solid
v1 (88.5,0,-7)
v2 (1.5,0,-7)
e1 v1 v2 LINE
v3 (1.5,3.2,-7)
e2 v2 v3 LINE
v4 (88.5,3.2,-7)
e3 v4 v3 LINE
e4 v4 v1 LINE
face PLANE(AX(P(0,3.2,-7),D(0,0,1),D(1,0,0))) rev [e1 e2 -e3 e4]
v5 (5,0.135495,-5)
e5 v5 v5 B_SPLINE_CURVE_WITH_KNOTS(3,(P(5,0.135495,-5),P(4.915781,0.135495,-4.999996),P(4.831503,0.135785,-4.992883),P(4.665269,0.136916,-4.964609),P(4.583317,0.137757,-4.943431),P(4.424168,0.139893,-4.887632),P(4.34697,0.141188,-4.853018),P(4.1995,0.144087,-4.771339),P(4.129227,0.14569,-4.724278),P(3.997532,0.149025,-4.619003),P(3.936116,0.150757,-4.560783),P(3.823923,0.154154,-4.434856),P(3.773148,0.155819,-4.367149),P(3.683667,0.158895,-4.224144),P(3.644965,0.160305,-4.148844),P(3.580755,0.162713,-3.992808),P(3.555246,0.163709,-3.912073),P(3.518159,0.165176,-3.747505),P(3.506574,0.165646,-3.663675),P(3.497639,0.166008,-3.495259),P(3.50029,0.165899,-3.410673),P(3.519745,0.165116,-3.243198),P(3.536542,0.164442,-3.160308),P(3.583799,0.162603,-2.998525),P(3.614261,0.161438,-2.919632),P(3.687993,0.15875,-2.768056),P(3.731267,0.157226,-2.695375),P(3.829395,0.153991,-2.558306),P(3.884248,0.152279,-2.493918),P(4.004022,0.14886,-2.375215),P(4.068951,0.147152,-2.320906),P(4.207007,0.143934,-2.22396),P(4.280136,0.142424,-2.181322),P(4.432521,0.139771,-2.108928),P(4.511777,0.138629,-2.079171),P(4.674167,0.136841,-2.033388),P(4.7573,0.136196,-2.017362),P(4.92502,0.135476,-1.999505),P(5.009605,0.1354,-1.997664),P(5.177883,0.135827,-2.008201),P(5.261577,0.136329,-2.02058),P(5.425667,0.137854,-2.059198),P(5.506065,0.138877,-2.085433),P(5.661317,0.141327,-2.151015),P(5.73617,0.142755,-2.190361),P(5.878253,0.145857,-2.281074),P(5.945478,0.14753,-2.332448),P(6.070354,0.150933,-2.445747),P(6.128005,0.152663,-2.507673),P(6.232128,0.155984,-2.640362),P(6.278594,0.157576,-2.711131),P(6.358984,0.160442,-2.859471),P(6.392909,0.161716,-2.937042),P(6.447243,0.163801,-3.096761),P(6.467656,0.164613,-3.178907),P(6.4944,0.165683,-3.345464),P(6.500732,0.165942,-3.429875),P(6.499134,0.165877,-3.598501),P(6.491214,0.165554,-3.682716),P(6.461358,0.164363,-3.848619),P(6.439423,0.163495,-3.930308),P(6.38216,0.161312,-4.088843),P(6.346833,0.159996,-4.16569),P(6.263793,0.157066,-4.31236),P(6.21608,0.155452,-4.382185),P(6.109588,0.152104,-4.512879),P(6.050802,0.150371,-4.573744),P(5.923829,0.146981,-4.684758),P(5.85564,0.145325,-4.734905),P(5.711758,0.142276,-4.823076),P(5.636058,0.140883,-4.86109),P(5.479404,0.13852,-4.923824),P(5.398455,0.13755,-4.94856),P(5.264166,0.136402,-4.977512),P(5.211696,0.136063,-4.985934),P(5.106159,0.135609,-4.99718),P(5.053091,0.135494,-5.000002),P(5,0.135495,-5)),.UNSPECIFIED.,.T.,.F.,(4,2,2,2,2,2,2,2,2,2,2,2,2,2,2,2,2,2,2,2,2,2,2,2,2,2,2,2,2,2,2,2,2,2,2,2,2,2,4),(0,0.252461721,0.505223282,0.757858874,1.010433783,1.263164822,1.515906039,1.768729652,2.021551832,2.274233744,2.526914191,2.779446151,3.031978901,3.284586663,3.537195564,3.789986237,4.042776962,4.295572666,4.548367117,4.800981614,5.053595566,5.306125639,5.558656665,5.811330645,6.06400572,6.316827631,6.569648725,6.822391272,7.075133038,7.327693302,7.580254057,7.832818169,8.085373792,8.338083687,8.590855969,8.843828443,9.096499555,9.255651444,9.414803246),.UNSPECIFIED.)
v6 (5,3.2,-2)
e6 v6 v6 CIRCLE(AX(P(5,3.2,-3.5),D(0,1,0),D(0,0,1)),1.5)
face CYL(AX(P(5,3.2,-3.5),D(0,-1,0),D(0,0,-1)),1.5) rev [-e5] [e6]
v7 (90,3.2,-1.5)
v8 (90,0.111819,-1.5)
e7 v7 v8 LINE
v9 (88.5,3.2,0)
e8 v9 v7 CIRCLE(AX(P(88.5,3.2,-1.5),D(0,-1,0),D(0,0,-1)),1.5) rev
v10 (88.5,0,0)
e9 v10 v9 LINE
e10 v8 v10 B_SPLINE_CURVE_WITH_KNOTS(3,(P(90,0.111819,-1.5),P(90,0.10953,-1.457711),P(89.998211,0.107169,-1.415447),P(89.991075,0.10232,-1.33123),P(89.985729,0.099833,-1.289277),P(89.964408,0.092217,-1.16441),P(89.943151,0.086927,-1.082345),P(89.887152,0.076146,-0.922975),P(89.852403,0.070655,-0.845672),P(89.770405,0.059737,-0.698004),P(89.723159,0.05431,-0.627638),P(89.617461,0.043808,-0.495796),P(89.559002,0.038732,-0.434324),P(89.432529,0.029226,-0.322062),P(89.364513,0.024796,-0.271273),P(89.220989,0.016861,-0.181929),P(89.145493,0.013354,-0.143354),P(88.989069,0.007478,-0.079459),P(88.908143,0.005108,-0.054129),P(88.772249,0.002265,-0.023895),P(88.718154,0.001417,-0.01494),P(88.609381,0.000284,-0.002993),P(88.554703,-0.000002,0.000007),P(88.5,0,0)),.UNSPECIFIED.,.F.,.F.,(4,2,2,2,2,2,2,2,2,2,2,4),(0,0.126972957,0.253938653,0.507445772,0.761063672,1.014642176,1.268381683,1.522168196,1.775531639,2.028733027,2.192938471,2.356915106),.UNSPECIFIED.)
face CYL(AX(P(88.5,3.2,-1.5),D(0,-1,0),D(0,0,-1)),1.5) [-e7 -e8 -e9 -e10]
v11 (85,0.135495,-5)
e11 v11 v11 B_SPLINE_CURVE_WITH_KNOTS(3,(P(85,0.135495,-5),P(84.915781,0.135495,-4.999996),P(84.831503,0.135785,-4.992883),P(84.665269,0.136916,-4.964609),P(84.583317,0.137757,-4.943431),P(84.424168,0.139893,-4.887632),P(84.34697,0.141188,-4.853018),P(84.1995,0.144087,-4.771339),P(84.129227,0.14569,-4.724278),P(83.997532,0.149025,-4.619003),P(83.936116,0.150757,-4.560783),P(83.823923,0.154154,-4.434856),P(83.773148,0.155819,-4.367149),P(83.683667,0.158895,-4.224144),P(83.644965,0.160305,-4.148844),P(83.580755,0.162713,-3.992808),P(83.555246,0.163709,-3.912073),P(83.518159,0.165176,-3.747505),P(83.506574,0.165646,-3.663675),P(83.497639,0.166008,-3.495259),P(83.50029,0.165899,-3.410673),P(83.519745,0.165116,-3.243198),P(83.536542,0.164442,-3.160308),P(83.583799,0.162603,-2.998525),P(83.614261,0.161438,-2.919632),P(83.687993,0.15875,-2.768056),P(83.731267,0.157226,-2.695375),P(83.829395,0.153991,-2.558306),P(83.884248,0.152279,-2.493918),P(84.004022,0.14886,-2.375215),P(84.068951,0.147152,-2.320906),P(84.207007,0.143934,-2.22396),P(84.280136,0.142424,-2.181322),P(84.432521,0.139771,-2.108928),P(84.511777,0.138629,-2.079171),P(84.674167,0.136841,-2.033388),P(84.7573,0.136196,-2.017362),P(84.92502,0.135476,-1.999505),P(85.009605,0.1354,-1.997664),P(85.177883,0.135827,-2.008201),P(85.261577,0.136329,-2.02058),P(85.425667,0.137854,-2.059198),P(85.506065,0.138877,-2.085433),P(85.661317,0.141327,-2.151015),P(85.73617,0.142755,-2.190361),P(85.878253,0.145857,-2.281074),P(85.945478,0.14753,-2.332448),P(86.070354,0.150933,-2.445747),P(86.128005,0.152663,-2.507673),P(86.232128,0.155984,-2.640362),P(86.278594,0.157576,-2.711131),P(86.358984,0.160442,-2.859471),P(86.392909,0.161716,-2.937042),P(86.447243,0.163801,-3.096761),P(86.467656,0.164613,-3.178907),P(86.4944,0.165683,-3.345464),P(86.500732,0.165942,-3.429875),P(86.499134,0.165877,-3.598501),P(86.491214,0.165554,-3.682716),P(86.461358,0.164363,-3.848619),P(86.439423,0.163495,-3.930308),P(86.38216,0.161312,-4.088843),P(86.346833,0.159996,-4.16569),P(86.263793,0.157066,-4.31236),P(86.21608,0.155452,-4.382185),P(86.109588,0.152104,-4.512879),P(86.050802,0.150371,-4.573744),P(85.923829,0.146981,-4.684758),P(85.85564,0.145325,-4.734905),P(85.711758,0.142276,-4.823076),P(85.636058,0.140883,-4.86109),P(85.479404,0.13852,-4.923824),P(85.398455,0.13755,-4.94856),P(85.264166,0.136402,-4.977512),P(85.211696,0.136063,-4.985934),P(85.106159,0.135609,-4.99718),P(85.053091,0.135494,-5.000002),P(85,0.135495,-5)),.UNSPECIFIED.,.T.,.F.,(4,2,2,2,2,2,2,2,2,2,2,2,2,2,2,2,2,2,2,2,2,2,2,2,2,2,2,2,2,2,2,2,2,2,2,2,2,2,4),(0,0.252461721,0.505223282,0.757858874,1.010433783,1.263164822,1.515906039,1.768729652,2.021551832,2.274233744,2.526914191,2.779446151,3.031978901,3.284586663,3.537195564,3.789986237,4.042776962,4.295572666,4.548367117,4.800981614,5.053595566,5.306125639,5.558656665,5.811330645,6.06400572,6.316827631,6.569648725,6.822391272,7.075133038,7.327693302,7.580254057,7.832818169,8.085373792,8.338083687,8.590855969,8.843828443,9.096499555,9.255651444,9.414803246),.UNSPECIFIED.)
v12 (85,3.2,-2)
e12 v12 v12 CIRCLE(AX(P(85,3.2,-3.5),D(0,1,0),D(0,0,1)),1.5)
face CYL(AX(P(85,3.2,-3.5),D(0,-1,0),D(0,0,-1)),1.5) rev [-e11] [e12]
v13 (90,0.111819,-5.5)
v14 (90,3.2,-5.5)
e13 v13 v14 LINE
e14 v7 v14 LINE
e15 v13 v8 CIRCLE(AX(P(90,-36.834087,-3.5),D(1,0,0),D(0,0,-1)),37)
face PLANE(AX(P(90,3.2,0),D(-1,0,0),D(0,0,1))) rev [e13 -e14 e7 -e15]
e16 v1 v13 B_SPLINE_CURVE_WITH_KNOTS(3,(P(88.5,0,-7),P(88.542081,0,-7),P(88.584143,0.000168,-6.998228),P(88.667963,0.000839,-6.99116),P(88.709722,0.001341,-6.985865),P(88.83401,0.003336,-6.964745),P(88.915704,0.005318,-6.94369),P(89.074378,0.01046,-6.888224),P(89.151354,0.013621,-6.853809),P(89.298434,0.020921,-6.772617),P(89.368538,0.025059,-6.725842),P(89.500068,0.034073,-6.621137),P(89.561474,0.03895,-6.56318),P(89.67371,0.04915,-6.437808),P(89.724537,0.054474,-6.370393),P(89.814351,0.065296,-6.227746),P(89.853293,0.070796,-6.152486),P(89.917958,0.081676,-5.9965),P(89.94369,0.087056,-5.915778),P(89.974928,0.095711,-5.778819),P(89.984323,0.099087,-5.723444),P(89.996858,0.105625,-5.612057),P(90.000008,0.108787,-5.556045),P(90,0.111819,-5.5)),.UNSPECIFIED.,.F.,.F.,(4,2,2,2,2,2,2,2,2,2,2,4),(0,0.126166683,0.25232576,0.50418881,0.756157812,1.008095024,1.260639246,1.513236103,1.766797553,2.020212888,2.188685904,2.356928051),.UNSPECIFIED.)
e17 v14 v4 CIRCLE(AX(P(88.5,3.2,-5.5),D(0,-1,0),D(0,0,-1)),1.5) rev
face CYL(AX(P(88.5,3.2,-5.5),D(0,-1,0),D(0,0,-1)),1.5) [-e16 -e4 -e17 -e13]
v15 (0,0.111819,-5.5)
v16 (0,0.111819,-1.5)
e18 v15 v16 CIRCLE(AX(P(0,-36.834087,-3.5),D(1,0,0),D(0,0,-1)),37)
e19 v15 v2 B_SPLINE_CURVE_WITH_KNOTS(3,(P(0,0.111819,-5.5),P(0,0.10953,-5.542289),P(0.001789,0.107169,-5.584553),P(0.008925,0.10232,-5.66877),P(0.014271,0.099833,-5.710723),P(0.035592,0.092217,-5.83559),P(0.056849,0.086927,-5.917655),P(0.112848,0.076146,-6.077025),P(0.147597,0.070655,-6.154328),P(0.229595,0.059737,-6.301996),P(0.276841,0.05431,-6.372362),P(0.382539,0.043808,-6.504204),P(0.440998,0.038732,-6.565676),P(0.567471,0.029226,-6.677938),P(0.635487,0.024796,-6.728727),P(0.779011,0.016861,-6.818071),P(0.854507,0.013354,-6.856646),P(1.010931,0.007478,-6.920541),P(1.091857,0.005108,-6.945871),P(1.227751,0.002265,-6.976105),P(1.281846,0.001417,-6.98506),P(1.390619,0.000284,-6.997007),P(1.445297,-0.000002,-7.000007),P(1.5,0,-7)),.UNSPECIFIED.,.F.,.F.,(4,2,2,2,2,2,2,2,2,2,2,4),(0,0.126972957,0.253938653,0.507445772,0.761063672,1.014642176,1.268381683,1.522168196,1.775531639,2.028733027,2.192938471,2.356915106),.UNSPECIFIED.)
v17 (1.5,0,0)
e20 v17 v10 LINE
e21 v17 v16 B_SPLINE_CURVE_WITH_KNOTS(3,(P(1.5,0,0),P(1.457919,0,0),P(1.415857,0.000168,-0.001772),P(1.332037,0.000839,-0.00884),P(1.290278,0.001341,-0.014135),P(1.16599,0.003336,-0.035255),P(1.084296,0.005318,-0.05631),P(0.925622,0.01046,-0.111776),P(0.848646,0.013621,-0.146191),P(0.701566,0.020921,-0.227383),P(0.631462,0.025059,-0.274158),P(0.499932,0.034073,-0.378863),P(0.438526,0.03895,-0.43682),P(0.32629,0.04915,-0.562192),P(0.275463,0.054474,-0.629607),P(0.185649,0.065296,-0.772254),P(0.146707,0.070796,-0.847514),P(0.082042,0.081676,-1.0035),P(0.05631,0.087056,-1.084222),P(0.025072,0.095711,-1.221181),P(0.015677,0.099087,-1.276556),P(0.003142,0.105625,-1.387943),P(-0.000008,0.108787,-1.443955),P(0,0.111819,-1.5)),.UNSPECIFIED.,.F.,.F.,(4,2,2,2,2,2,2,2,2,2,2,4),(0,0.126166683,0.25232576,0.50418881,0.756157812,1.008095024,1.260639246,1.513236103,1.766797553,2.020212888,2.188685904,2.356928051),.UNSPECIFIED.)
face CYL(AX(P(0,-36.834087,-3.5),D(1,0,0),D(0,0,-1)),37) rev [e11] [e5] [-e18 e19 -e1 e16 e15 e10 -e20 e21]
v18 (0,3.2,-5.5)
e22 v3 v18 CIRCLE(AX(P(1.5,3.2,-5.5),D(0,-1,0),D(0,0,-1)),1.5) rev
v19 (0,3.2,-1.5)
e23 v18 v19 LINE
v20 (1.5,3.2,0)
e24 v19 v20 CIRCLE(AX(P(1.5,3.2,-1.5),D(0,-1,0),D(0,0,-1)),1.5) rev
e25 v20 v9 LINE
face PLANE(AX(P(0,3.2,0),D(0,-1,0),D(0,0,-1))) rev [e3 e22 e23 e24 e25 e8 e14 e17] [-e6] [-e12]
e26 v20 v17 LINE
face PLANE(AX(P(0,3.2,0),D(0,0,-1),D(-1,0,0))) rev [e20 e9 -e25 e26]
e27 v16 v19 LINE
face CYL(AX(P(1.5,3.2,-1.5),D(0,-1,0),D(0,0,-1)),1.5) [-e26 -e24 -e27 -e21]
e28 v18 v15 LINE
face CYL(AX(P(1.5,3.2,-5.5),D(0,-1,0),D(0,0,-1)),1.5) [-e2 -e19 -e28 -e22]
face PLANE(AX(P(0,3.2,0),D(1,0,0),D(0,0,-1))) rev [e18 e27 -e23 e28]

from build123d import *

# Parameters (mm, degrees)
SKETCH1_W               = 90
SKETCH1_H               = 7
SKETCH1_R               = 1.5
BOSS_EXTRUDE1_DEPTH     = 3.2
CUT_EXTRUDE1_DEPTH      = 91.328511556
CUT_EXTRUDE1_DEPTH_BACK = 91.328511556
FILLET1_R               = 1.5


with BuildPart() as part:
    # Sketch1 → Boss-Extrude1 (new body)
    with BuildSketch(Plane(origin=(0, 0, 0), x_dir=(1, 0, 0), z_dir=(0, 1, 0))):
        with Locations((45, 3.5)):
            Rectangle(SKETCH1_W, SKETCH1_H)
        with Locations(Location((5, 3.5, 0), (0, 0, 270))):
            Circle(SKETCH1_R, mode=Mode.SUBTRACT)
        with Locations(Location((85, 3.5, 0), (0, 0, 270))):
            Circle(SKETCH1_R, mode=Mode.SUBTRACT)
    extrude(amount=BOSS_EXTRUDE1_DEPTH)

    # Sketch2 → Cut-Extrude1 (cut, two sides: drawn at the far end of the back side and taken through both)
    with BuildSketch(Plane(origin=(90, 0, 0), x_dir=(0, 0, -1), z_dir=(1, 0, 0)).offset(-CUT_EXTRUDE1_DEPTH_BACK)):
        with BuildLine():
            Line((0, 0), (7, 0))
            ThreePointArc((7, 0), (3.5, 0.165912527), (0, 0))
        make_face()
    extrude(amount=CUT_EXTRUDE1_DEPTH + CUT_EXTRUDE1_DEPTH_BACK, mode=Mode.SUBTRACT)

    # Fillet1
    fillet1_edges = [part.edges().sort_by_distance(p)[0] for p in [
        (0, 1.6, -7),
        (90, 1.6, -7),
        (90, 1.6, 0),
        (0, 1.6, 0),
    ]]
    fillet(fillet1_edges, radius=FILLET1_R)


solid = part.part
